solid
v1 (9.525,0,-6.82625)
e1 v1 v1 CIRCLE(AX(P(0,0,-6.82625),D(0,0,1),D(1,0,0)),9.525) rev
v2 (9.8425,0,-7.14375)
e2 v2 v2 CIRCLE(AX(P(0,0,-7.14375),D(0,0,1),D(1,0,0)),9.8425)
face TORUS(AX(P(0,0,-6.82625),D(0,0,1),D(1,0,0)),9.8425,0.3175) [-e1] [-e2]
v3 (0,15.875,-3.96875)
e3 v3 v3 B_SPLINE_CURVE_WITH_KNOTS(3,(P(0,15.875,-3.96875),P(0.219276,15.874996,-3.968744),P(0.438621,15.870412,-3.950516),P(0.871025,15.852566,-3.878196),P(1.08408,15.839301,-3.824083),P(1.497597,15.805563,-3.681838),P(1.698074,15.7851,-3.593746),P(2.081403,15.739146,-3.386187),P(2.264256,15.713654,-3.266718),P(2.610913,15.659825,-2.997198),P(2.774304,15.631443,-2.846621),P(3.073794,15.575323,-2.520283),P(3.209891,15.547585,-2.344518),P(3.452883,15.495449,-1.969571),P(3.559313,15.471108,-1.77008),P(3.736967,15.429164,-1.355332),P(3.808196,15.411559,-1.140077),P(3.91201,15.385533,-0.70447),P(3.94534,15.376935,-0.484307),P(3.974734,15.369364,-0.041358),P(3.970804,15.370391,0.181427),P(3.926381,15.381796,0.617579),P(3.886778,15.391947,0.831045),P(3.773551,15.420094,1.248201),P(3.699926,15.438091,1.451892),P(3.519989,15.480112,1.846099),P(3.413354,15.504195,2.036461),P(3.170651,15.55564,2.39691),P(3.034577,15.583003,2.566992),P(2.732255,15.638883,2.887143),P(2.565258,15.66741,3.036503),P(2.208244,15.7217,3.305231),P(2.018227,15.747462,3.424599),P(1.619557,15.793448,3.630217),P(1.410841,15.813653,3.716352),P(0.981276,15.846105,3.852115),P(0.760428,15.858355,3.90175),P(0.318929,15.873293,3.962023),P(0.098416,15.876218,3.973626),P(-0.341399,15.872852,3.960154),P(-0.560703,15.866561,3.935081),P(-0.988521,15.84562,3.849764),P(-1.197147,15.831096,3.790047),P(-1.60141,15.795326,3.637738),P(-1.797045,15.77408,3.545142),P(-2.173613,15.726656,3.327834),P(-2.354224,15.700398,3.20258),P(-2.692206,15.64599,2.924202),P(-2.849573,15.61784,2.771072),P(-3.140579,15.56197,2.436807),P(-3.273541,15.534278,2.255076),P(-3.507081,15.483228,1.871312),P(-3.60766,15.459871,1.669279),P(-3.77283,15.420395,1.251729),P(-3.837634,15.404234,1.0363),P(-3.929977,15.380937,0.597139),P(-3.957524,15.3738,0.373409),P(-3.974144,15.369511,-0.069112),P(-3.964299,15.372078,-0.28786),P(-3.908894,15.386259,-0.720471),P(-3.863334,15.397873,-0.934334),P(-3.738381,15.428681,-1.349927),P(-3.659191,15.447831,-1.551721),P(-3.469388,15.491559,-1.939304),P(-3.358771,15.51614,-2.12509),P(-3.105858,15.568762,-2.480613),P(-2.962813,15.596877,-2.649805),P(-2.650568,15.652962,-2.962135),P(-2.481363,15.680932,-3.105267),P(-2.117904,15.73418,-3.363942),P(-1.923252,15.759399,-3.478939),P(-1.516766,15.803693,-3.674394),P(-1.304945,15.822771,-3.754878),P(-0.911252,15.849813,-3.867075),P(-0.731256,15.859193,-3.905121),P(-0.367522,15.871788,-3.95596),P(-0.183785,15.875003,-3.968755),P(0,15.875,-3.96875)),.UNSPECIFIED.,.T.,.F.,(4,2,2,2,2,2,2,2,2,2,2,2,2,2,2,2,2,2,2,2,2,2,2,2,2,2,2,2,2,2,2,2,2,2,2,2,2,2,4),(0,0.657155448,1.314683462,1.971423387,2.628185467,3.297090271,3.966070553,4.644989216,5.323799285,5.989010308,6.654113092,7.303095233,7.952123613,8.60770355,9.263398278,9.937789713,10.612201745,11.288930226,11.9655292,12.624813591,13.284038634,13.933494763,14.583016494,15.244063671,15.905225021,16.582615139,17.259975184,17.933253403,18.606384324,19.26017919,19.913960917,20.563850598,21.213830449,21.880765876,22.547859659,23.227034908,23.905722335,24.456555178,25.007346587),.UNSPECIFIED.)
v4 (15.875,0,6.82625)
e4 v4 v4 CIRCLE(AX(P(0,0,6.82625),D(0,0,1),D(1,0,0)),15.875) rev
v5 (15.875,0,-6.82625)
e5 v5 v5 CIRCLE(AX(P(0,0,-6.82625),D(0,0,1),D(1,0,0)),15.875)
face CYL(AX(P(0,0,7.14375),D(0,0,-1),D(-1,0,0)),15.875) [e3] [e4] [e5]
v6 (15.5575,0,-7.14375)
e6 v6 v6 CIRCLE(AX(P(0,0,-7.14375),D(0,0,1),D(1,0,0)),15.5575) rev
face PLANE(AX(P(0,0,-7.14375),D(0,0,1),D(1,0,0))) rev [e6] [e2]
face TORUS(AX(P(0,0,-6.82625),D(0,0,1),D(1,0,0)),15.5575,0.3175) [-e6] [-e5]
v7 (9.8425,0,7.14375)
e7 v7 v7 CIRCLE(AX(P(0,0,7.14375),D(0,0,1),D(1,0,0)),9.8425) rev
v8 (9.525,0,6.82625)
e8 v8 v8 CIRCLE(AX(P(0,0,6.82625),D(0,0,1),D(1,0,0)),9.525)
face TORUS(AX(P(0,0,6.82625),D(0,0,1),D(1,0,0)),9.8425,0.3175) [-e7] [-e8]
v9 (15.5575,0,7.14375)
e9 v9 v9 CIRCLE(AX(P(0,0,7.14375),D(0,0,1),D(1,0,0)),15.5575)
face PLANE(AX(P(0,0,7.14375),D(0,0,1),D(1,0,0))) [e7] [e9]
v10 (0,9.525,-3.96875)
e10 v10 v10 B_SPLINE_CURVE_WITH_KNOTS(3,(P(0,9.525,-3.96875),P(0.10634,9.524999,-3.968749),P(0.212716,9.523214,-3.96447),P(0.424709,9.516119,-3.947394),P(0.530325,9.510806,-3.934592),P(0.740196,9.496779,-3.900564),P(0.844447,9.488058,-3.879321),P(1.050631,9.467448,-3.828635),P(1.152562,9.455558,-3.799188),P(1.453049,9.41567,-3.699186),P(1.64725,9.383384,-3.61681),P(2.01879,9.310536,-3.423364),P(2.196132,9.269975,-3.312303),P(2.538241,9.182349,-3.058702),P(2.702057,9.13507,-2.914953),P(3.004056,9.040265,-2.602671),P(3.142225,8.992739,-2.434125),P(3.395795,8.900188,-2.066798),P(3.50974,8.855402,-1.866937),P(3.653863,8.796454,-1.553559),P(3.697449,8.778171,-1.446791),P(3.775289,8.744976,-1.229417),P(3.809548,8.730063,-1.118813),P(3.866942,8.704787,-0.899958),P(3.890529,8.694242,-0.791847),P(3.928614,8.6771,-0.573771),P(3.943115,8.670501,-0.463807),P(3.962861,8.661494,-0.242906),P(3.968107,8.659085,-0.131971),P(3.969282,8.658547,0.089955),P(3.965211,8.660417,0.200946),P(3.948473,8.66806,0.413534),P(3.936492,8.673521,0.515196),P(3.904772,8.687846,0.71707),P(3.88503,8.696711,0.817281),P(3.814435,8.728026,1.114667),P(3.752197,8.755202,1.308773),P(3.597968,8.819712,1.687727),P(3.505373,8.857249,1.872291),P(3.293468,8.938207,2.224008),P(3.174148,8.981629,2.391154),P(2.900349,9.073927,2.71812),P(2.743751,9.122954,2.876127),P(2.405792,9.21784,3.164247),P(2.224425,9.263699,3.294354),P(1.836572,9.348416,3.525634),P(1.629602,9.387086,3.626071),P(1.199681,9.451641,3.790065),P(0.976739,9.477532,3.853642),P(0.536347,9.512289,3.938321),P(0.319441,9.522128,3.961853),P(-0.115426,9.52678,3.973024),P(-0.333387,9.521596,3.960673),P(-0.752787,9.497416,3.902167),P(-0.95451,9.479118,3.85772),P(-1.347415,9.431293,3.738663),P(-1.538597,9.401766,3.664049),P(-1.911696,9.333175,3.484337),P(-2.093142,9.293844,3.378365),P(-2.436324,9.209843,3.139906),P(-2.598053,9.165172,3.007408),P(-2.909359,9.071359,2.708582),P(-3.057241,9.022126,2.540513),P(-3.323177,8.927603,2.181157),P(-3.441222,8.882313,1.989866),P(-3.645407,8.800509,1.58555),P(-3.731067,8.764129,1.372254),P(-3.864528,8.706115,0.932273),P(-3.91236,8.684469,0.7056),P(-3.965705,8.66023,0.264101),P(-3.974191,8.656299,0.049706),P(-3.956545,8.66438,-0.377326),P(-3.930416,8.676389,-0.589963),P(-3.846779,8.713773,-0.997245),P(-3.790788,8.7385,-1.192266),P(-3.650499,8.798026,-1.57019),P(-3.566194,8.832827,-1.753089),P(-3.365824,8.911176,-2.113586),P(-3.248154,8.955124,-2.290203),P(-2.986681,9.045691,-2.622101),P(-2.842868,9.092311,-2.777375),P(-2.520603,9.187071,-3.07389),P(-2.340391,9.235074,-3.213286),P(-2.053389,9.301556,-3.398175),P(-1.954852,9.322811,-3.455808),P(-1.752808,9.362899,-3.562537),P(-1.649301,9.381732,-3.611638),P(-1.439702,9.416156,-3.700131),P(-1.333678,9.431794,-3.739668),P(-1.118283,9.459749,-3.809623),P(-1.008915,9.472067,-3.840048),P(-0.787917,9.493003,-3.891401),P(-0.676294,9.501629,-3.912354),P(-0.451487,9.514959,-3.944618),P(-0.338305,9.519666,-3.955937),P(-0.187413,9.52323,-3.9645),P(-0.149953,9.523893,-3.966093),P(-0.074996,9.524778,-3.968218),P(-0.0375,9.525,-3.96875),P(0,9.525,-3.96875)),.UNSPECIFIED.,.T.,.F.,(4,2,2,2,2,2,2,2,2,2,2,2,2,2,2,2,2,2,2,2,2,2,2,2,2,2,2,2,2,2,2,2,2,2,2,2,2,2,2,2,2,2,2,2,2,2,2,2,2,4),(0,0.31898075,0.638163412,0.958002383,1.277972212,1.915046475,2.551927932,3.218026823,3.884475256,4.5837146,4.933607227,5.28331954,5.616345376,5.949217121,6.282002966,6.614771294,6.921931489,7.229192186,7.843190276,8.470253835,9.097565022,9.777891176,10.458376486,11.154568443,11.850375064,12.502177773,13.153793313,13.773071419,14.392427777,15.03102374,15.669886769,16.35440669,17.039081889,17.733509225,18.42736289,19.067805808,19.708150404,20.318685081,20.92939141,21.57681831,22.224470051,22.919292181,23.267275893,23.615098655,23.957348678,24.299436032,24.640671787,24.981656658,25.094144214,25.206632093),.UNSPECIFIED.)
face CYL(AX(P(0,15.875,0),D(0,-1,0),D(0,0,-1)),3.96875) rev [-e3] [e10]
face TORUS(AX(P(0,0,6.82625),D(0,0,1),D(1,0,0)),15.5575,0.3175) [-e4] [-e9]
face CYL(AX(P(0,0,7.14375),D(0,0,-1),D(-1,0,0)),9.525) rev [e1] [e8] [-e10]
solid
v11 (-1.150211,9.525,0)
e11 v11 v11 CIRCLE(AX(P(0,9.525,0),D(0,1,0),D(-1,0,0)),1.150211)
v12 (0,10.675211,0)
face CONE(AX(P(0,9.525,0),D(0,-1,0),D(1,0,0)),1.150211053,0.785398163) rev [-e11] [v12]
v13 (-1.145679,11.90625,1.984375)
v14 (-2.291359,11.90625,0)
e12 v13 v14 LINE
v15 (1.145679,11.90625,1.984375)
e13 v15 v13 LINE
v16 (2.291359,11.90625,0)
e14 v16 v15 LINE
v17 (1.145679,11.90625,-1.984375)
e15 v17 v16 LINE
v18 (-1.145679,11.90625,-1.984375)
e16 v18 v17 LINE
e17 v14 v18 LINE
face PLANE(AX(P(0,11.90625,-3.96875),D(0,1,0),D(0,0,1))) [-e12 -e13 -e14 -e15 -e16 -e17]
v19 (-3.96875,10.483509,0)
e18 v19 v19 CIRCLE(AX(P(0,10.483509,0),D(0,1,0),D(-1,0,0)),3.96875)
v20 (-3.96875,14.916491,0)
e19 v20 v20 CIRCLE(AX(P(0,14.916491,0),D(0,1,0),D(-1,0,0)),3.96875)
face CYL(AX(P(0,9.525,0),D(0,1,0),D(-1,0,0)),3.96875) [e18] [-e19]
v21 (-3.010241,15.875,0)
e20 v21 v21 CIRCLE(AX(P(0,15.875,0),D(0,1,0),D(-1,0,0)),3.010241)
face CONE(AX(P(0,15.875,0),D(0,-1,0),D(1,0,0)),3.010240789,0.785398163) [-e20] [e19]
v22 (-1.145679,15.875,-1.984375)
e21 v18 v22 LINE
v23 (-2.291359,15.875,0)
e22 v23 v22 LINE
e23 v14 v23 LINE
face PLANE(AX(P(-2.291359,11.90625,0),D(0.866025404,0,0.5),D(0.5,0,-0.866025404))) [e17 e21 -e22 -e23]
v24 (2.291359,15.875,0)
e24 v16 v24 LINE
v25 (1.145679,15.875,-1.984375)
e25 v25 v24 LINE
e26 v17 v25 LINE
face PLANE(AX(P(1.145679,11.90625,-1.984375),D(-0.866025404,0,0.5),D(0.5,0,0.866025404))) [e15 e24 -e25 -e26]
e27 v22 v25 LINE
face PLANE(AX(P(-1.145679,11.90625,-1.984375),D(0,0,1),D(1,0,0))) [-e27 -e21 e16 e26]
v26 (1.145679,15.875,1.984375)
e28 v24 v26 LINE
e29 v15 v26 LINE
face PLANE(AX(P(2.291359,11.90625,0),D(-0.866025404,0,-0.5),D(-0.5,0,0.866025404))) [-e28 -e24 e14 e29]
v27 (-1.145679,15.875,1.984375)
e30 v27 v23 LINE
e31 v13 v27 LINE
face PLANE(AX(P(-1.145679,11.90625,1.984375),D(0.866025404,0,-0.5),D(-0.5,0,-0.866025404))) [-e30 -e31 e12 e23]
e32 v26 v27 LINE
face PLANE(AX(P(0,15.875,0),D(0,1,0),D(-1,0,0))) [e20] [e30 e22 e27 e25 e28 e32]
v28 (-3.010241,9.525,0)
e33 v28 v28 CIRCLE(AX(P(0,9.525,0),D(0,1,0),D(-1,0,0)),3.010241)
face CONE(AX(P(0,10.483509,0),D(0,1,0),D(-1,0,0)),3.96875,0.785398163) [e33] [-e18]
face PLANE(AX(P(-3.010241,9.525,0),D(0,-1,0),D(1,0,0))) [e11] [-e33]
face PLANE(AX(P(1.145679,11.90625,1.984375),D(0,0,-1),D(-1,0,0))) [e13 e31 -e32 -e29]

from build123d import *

# Parameters (mm, degrees)
SKETCH1_R          = 15.875
SKETCH1_R_2        = 9.525
EXTRUDE1_DEPTH     = 7.14375
SKETCH2_R          = 3.96875
CUT_EXTRUDE1_DEPTH = 60.742541702
FILLET1_R          = 0.3175
CUT_EXTRUDE2_DEPTH = 3.96875


with BuildPart() as part:
    # Sketch1 → Extrude1 (new, symmetric)
    with BuildSketch(Plane.XY):
        Circle(SKETCH1_R)
        Circle(SKETCH1_R_2, mode=Mode.SUBTRACT)
    extrude(amount=EXTRUDE1_DEPTH, both=True)

    # Sketch2 → Cut-Extrude1 (cut, through all)
    with BuildSketch(Plane(origin=(41.275, 0, 0), x_dir=(0, 0, -1), z_dir=(0, -1, 0))):
        with Locations((0, -41.275)):
            Circle(SKETCH2_R)
    extrude(amount=-CUT_EXTRUDE1_DEPTH, mode=Mode.SUBTRACT)

    # Fillet1
    fillet1_edges = [part.edges().sort_by_distance(p)[0] for p in [
        (-15.875, 0, -7.14375),
        (-15.875, 0, 7.14375),
        (-9.525, 0, -7.14375),
        (-9.525, 0, 7.14375),
    ]]
    fillet(fillet1_edges, radius=FILLET1_R)


with BuildPart() as body_2:
    # Sketch3 → Revolve1 (revolve)
    with BuildSketch(Plane.XY):
        Polygon((-3.010240789, 9.525), (-1.150211053, 9.525), (0, 10.675211053), (0, 15.875), (-3.010240789, 15.875), (-3.96875, 14.916490789), (-3.96875, 10.483509211), align=None)
    revolve(axis=Axis((0, 9.525, 0), (0, -1, 0)))

    # Sketch4 → Cut-Extrude2 (cut)
    with BuildSketch(Plane(origin=(3.3734375, 15.875, 0), x_dir=(0, 0, -1), z_dir=(0, -1, 0))):
        Polygon((0, -1.082078619), (-1.984375, -2.22775806), (-1.984375, -4.51911694), (0, -5.664796381), (1.984375, -4.51911694), (1.984375, -2.22775806), align=None)
    extrude(amount=CUT_EXTRUDE2_DEPTH, mode=Mode.SUBTRACT)


solid = Compound([part.part, body_2.part])
